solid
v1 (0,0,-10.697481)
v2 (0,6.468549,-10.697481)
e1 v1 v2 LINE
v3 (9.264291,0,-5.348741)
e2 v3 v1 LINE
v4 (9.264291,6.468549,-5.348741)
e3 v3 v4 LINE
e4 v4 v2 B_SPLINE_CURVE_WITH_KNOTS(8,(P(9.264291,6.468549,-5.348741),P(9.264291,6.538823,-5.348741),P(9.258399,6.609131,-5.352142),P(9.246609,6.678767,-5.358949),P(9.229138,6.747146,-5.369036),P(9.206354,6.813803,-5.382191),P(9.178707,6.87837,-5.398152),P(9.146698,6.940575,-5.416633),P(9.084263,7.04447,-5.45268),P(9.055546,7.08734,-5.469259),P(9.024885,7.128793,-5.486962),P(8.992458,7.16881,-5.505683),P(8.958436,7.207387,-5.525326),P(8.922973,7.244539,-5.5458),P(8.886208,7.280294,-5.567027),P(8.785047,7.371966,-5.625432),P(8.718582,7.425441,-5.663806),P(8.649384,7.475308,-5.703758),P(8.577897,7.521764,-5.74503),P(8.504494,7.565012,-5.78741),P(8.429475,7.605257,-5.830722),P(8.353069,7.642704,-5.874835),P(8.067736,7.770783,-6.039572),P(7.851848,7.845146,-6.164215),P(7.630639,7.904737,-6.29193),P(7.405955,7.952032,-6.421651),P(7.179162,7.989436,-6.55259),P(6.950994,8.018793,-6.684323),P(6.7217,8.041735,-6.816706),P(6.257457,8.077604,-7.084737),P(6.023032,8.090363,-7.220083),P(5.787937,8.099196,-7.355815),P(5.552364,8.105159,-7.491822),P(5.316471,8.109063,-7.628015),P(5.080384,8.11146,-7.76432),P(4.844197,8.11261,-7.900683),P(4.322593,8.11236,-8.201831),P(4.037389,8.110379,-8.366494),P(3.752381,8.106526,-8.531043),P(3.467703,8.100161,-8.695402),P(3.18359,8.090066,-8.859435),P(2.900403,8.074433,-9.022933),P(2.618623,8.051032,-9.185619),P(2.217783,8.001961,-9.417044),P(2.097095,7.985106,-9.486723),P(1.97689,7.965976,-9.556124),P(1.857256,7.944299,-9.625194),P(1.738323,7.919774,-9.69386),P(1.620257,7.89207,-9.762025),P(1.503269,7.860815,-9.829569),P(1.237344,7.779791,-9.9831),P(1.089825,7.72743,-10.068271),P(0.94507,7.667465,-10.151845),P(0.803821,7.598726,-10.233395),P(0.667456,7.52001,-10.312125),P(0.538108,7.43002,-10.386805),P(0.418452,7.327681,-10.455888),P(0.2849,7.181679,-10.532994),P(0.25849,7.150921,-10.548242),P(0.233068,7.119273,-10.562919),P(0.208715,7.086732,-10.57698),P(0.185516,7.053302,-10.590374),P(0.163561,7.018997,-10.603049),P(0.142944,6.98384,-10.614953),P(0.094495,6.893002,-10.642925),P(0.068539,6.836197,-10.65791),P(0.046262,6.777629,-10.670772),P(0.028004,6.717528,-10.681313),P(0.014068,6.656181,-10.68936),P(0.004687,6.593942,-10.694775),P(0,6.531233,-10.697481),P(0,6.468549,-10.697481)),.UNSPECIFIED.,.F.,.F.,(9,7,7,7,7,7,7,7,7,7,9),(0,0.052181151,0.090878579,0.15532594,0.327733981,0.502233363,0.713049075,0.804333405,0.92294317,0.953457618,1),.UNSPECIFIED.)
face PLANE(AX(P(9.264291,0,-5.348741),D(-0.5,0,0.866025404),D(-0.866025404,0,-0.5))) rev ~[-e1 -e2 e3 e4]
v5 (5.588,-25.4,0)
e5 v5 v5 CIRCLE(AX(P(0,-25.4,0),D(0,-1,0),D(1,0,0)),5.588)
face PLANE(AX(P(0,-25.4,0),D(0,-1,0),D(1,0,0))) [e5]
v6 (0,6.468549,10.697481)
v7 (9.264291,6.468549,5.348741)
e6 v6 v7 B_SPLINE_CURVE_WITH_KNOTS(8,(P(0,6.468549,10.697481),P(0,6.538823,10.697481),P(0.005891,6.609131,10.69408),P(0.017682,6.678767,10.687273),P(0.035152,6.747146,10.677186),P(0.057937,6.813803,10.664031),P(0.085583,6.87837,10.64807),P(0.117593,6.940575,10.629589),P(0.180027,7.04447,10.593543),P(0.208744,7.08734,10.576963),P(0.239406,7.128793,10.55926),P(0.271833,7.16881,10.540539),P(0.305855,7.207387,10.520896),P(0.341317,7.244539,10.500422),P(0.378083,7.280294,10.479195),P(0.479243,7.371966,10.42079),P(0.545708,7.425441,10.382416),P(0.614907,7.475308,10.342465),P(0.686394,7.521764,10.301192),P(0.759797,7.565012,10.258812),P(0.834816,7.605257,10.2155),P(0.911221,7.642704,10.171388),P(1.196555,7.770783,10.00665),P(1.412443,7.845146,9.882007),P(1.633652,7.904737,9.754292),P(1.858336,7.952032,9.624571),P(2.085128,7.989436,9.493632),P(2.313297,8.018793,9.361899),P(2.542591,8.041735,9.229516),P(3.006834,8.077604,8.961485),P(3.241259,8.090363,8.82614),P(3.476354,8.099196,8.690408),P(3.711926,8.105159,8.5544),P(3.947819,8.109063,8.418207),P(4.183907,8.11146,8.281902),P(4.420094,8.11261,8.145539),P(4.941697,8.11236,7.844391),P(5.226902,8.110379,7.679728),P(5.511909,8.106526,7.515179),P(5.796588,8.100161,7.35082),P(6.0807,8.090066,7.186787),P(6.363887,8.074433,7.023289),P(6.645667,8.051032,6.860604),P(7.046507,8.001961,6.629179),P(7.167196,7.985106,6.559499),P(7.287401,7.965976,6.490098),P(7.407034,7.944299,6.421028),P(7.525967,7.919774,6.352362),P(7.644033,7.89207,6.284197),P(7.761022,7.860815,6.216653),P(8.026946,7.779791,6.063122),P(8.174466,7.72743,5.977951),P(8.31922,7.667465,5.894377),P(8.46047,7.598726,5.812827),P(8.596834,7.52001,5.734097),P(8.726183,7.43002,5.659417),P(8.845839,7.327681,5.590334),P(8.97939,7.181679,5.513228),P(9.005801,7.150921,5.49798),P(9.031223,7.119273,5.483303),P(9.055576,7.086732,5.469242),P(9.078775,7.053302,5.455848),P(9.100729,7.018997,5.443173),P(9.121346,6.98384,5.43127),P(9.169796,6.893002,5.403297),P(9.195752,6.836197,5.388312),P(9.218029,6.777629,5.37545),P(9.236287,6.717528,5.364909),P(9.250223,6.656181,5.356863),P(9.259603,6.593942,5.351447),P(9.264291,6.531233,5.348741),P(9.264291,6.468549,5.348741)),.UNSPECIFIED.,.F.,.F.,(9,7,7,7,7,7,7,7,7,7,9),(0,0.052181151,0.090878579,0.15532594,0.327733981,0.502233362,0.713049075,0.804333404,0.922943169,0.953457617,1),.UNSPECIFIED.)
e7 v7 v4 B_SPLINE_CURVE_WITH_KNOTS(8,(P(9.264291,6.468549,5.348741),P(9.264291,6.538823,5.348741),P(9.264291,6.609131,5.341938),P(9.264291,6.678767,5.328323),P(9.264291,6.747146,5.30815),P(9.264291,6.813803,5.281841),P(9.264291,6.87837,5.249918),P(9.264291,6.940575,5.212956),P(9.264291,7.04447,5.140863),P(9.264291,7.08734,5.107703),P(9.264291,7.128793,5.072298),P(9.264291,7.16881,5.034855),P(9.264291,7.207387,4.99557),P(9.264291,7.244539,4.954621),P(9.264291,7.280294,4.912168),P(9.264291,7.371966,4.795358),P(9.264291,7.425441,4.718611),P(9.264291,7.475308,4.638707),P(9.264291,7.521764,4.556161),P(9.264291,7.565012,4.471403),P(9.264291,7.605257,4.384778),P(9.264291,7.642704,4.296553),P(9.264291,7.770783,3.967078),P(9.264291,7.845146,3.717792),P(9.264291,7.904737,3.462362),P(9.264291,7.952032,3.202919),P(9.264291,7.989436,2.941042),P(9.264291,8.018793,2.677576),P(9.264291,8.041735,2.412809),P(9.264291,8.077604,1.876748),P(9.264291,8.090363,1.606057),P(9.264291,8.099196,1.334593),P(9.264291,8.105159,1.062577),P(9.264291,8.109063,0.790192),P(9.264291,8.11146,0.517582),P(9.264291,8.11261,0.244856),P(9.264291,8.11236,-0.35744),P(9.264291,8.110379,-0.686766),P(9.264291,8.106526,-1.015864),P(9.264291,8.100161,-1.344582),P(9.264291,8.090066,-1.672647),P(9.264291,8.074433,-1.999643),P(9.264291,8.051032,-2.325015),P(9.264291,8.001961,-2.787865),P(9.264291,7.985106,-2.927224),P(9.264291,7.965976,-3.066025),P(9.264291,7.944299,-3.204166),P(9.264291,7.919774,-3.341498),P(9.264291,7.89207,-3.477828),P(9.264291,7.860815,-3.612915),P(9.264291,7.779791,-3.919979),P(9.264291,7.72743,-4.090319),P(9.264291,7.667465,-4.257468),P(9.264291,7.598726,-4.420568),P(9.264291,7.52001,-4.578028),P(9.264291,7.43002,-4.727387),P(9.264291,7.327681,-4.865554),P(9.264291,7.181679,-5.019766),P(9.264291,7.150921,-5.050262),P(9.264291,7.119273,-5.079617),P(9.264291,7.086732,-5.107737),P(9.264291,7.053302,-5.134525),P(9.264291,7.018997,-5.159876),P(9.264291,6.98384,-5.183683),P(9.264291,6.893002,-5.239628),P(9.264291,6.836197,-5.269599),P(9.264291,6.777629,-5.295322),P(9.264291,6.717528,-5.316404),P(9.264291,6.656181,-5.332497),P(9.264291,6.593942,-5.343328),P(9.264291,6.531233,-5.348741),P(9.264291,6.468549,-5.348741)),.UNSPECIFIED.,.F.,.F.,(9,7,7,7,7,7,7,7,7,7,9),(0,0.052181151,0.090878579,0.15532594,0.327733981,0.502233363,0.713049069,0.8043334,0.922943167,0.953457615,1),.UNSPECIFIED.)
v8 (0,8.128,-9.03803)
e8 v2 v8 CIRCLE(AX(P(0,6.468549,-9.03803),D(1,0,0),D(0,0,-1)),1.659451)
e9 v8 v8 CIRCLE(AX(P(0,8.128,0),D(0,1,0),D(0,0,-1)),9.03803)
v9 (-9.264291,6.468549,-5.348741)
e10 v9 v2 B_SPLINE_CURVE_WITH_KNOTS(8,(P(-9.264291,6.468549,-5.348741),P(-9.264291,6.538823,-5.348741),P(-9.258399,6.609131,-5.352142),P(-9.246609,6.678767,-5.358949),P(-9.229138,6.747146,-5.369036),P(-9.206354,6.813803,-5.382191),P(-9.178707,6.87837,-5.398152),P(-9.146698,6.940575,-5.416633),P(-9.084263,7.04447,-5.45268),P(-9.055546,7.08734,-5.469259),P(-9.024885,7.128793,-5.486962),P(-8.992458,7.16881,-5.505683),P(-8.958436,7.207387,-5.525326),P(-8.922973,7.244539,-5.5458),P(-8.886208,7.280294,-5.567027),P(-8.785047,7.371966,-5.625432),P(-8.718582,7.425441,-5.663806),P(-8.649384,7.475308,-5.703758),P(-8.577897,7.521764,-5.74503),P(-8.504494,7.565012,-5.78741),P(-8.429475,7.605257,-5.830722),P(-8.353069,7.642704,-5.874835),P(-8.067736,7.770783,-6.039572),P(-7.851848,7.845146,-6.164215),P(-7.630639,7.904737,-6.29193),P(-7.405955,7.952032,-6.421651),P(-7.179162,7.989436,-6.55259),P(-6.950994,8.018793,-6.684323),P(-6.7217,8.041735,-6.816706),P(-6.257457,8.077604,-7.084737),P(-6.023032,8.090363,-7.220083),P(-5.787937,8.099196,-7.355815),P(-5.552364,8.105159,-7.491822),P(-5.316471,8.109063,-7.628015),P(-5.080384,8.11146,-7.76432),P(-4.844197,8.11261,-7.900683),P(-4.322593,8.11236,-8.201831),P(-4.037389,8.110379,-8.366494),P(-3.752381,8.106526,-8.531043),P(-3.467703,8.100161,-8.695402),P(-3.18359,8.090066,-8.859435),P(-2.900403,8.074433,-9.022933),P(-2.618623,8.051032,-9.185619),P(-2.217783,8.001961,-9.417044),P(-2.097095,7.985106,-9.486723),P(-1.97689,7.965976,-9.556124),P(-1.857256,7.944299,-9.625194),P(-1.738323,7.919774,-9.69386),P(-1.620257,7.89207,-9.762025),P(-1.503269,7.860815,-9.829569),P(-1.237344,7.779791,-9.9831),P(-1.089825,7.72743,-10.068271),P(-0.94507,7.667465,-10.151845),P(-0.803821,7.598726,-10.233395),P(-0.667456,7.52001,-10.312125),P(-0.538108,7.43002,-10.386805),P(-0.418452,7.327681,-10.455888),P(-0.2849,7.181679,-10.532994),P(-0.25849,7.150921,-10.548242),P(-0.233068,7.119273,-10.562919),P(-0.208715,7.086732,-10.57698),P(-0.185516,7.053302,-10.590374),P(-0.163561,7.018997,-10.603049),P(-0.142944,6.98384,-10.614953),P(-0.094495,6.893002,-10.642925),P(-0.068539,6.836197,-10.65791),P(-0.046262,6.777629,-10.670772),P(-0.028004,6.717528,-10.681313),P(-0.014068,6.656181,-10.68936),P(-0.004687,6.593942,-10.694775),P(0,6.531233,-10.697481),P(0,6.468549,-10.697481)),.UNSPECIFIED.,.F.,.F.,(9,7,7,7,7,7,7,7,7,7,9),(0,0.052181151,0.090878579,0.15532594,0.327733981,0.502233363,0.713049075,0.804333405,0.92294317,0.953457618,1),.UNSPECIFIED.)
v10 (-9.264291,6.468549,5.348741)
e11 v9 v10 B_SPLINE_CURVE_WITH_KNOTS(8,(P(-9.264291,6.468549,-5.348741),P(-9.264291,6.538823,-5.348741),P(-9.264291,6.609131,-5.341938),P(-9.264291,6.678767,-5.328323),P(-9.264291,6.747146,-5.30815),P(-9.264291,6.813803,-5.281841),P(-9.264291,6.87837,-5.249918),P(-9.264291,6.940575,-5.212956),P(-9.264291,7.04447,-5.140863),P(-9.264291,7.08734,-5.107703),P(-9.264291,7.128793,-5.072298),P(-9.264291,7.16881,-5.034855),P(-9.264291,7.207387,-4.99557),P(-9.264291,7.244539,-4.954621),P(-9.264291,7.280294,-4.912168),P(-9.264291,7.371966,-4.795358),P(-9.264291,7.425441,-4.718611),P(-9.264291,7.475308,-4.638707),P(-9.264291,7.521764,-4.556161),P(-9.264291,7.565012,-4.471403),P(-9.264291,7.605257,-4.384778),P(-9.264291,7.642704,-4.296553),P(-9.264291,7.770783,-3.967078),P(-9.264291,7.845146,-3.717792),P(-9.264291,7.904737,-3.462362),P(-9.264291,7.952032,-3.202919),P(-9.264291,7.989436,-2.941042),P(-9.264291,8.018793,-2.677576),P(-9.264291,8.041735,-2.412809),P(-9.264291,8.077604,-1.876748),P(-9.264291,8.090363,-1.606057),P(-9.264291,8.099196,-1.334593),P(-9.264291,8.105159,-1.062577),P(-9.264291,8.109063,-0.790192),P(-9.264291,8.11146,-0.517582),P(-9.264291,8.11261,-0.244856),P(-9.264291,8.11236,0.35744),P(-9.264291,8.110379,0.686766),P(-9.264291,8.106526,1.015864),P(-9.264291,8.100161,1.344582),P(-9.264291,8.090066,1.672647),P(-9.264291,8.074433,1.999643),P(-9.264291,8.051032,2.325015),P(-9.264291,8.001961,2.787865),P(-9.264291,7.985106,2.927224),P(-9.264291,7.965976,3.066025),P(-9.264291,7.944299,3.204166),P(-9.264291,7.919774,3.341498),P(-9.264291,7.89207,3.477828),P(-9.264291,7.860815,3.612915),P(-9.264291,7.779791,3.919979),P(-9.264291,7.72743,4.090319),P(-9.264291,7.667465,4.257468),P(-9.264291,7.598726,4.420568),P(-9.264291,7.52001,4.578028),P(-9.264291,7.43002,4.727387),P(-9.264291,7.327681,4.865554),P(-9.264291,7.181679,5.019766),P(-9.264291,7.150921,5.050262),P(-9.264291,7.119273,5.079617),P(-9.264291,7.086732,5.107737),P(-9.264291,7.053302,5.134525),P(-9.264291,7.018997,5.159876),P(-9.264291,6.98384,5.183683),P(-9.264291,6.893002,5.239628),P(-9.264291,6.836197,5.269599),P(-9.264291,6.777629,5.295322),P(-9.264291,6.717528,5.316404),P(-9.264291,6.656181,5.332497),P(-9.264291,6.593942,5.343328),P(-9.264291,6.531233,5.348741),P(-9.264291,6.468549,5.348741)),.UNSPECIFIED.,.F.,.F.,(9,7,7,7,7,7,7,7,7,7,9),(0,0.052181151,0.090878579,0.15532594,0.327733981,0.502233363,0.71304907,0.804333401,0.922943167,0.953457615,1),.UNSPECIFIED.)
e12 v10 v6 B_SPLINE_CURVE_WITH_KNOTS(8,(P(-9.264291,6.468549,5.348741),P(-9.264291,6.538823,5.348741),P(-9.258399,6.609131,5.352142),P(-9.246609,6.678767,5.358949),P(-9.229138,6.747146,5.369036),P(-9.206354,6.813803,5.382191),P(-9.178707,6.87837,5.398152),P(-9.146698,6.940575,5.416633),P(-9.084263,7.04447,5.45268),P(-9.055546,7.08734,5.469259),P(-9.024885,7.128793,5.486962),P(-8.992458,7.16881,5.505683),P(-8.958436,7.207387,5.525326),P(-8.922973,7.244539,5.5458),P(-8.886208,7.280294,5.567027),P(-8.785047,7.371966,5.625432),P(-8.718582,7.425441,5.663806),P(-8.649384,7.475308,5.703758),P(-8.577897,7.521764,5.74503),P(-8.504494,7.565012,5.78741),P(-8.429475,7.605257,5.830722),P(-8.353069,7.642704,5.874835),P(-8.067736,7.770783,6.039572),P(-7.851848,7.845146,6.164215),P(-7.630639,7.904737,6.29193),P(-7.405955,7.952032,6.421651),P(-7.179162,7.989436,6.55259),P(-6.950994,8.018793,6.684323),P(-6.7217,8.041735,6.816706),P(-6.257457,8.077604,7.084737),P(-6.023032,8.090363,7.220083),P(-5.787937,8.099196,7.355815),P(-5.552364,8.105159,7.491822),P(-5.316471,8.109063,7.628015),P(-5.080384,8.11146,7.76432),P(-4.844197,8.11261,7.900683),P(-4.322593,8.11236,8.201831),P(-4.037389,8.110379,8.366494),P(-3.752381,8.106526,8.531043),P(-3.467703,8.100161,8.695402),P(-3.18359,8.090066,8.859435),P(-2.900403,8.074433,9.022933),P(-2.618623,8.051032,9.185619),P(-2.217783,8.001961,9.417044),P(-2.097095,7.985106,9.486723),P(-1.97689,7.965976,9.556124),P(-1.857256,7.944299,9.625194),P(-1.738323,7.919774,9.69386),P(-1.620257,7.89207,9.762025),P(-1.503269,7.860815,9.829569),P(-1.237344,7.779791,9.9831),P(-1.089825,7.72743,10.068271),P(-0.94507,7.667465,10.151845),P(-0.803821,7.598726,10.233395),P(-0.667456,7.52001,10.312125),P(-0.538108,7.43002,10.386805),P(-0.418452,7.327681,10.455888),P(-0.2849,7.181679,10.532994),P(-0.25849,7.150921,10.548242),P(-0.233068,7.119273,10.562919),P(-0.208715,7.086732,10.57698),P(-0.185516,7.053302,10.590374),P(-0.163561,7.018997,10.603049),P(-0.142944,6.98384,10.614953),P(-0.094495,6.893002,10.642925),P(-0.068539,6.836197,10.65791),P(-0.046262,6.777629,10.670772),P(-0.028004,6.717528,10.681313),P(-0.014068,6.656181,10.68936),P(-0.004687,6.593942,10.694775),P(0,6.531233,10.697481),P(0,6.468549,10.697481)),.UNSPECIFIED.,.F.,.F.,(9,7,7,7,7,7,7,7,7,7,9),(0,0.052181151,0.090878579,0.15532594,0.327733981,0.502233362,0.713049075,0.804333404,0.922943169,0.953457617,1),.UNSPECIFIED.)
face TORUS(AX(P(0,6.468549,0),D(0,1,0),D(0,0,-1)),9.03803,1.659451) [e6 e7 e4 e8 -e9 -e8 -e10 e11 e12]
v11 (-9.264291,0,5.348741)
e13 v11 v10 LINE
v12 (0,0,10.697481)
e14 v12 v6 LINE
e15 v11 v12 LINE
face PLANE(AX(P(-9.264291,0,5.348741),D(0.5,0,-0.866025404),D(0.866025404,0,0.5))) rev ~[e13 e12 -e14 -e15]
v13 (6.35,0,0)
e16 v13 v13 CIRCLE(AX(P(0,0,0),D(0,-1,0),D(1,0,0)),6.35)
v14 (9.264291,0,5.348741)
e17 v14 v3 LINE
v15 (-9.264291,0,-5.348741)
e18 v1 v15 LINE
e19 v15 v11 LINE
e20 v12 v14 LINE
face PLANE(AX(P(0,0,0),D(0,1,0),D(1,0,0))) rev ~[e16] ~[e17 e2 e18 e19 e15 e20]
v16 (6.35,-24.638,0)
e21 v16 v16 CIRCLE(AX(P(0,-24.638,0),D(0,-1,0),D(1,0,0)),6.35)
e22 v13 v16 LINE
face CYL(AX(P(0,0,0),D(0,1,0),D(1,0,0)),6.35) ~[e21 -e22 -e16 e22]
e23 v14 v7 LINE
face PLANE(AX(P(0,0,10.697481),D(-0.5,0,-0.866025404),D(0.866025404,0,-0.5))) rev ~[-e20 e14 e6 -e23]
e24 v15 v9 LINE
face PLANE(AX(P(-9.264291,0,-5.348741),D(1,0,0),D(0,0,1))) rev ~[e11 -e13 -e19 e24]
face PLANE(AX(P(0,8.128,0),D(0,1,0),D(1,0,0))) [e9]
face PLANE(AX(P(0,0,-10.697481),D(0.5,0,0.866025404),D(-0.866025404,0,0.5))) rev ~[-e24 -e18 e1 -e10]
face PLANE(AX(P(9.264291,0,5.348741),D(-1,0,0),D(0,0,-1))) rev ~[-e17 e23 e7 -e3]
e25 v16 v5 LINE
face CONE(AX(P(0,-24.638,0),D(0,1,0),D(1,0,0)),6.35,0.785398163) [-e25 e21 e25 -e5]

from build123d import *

# Parameters (mm, degrees)
EXTRUDE1_DEPTH = 8.128
SKETCH3_R      = 6.35
EXTRUDE2_DEPTH = 25.4
CHAMFER1_SIZE  = 0.762


with BuildPart() as part:
    # Sketch1 → Extrude1 (new body)
    with BuildSketch(Plane(origin=(0, 0, 0), x_dir=(1, 0, 0), z_dir=(0, 1, 0))):
        Polygon((0, 10.697481421), (-9.264290667, 5.34874071), (-9.264290667, -5.34874071), (0, -10.697481421), (9.264290667, -5.34874071), (9.264290667, 5.34874071), align=None)
    extrude(amount=EXTRUDE1_DEPTH)

    # Sketch3 → Extrude2 (add)
    with BuildSketch(Plane.XZ):
        Circle(SKETCH3_R)
    extrude(amount=EXTRUDE2_DEPTH)

    # Sketch2 → Cut-Revolve1 (revolve, cut)
    with BuildSketch(Plane(origin=(0, 0, 0), x_dir=(0, 0, -1), z_dir=(1, 0, 0))):
        with BuildLine():
            Line((9.038030353, 8.128), (10.697481421, 8.128))
            Line((10.697481421, 8.128), (10.697481421, 6.468548932))
            ThreePointArc((10.697481421, 6.468548932), (10.211439456, 7.641958035), (9.038030353, 8.128))
        make_face()
    revolve(axis=Axis((0, -25.4, 0), (0, 1, 0)), mode=Mode.SUBTRACT)

    # Chamfer1
    chamfer1_edges = [part.edges().sort_by_distance(p)[0] for p in [
        (-6.35, -25.4, 0),
    ]]
    chamfer(chamfer1_edges, length=CHAMFER1_SIZE)


solid = part.part
